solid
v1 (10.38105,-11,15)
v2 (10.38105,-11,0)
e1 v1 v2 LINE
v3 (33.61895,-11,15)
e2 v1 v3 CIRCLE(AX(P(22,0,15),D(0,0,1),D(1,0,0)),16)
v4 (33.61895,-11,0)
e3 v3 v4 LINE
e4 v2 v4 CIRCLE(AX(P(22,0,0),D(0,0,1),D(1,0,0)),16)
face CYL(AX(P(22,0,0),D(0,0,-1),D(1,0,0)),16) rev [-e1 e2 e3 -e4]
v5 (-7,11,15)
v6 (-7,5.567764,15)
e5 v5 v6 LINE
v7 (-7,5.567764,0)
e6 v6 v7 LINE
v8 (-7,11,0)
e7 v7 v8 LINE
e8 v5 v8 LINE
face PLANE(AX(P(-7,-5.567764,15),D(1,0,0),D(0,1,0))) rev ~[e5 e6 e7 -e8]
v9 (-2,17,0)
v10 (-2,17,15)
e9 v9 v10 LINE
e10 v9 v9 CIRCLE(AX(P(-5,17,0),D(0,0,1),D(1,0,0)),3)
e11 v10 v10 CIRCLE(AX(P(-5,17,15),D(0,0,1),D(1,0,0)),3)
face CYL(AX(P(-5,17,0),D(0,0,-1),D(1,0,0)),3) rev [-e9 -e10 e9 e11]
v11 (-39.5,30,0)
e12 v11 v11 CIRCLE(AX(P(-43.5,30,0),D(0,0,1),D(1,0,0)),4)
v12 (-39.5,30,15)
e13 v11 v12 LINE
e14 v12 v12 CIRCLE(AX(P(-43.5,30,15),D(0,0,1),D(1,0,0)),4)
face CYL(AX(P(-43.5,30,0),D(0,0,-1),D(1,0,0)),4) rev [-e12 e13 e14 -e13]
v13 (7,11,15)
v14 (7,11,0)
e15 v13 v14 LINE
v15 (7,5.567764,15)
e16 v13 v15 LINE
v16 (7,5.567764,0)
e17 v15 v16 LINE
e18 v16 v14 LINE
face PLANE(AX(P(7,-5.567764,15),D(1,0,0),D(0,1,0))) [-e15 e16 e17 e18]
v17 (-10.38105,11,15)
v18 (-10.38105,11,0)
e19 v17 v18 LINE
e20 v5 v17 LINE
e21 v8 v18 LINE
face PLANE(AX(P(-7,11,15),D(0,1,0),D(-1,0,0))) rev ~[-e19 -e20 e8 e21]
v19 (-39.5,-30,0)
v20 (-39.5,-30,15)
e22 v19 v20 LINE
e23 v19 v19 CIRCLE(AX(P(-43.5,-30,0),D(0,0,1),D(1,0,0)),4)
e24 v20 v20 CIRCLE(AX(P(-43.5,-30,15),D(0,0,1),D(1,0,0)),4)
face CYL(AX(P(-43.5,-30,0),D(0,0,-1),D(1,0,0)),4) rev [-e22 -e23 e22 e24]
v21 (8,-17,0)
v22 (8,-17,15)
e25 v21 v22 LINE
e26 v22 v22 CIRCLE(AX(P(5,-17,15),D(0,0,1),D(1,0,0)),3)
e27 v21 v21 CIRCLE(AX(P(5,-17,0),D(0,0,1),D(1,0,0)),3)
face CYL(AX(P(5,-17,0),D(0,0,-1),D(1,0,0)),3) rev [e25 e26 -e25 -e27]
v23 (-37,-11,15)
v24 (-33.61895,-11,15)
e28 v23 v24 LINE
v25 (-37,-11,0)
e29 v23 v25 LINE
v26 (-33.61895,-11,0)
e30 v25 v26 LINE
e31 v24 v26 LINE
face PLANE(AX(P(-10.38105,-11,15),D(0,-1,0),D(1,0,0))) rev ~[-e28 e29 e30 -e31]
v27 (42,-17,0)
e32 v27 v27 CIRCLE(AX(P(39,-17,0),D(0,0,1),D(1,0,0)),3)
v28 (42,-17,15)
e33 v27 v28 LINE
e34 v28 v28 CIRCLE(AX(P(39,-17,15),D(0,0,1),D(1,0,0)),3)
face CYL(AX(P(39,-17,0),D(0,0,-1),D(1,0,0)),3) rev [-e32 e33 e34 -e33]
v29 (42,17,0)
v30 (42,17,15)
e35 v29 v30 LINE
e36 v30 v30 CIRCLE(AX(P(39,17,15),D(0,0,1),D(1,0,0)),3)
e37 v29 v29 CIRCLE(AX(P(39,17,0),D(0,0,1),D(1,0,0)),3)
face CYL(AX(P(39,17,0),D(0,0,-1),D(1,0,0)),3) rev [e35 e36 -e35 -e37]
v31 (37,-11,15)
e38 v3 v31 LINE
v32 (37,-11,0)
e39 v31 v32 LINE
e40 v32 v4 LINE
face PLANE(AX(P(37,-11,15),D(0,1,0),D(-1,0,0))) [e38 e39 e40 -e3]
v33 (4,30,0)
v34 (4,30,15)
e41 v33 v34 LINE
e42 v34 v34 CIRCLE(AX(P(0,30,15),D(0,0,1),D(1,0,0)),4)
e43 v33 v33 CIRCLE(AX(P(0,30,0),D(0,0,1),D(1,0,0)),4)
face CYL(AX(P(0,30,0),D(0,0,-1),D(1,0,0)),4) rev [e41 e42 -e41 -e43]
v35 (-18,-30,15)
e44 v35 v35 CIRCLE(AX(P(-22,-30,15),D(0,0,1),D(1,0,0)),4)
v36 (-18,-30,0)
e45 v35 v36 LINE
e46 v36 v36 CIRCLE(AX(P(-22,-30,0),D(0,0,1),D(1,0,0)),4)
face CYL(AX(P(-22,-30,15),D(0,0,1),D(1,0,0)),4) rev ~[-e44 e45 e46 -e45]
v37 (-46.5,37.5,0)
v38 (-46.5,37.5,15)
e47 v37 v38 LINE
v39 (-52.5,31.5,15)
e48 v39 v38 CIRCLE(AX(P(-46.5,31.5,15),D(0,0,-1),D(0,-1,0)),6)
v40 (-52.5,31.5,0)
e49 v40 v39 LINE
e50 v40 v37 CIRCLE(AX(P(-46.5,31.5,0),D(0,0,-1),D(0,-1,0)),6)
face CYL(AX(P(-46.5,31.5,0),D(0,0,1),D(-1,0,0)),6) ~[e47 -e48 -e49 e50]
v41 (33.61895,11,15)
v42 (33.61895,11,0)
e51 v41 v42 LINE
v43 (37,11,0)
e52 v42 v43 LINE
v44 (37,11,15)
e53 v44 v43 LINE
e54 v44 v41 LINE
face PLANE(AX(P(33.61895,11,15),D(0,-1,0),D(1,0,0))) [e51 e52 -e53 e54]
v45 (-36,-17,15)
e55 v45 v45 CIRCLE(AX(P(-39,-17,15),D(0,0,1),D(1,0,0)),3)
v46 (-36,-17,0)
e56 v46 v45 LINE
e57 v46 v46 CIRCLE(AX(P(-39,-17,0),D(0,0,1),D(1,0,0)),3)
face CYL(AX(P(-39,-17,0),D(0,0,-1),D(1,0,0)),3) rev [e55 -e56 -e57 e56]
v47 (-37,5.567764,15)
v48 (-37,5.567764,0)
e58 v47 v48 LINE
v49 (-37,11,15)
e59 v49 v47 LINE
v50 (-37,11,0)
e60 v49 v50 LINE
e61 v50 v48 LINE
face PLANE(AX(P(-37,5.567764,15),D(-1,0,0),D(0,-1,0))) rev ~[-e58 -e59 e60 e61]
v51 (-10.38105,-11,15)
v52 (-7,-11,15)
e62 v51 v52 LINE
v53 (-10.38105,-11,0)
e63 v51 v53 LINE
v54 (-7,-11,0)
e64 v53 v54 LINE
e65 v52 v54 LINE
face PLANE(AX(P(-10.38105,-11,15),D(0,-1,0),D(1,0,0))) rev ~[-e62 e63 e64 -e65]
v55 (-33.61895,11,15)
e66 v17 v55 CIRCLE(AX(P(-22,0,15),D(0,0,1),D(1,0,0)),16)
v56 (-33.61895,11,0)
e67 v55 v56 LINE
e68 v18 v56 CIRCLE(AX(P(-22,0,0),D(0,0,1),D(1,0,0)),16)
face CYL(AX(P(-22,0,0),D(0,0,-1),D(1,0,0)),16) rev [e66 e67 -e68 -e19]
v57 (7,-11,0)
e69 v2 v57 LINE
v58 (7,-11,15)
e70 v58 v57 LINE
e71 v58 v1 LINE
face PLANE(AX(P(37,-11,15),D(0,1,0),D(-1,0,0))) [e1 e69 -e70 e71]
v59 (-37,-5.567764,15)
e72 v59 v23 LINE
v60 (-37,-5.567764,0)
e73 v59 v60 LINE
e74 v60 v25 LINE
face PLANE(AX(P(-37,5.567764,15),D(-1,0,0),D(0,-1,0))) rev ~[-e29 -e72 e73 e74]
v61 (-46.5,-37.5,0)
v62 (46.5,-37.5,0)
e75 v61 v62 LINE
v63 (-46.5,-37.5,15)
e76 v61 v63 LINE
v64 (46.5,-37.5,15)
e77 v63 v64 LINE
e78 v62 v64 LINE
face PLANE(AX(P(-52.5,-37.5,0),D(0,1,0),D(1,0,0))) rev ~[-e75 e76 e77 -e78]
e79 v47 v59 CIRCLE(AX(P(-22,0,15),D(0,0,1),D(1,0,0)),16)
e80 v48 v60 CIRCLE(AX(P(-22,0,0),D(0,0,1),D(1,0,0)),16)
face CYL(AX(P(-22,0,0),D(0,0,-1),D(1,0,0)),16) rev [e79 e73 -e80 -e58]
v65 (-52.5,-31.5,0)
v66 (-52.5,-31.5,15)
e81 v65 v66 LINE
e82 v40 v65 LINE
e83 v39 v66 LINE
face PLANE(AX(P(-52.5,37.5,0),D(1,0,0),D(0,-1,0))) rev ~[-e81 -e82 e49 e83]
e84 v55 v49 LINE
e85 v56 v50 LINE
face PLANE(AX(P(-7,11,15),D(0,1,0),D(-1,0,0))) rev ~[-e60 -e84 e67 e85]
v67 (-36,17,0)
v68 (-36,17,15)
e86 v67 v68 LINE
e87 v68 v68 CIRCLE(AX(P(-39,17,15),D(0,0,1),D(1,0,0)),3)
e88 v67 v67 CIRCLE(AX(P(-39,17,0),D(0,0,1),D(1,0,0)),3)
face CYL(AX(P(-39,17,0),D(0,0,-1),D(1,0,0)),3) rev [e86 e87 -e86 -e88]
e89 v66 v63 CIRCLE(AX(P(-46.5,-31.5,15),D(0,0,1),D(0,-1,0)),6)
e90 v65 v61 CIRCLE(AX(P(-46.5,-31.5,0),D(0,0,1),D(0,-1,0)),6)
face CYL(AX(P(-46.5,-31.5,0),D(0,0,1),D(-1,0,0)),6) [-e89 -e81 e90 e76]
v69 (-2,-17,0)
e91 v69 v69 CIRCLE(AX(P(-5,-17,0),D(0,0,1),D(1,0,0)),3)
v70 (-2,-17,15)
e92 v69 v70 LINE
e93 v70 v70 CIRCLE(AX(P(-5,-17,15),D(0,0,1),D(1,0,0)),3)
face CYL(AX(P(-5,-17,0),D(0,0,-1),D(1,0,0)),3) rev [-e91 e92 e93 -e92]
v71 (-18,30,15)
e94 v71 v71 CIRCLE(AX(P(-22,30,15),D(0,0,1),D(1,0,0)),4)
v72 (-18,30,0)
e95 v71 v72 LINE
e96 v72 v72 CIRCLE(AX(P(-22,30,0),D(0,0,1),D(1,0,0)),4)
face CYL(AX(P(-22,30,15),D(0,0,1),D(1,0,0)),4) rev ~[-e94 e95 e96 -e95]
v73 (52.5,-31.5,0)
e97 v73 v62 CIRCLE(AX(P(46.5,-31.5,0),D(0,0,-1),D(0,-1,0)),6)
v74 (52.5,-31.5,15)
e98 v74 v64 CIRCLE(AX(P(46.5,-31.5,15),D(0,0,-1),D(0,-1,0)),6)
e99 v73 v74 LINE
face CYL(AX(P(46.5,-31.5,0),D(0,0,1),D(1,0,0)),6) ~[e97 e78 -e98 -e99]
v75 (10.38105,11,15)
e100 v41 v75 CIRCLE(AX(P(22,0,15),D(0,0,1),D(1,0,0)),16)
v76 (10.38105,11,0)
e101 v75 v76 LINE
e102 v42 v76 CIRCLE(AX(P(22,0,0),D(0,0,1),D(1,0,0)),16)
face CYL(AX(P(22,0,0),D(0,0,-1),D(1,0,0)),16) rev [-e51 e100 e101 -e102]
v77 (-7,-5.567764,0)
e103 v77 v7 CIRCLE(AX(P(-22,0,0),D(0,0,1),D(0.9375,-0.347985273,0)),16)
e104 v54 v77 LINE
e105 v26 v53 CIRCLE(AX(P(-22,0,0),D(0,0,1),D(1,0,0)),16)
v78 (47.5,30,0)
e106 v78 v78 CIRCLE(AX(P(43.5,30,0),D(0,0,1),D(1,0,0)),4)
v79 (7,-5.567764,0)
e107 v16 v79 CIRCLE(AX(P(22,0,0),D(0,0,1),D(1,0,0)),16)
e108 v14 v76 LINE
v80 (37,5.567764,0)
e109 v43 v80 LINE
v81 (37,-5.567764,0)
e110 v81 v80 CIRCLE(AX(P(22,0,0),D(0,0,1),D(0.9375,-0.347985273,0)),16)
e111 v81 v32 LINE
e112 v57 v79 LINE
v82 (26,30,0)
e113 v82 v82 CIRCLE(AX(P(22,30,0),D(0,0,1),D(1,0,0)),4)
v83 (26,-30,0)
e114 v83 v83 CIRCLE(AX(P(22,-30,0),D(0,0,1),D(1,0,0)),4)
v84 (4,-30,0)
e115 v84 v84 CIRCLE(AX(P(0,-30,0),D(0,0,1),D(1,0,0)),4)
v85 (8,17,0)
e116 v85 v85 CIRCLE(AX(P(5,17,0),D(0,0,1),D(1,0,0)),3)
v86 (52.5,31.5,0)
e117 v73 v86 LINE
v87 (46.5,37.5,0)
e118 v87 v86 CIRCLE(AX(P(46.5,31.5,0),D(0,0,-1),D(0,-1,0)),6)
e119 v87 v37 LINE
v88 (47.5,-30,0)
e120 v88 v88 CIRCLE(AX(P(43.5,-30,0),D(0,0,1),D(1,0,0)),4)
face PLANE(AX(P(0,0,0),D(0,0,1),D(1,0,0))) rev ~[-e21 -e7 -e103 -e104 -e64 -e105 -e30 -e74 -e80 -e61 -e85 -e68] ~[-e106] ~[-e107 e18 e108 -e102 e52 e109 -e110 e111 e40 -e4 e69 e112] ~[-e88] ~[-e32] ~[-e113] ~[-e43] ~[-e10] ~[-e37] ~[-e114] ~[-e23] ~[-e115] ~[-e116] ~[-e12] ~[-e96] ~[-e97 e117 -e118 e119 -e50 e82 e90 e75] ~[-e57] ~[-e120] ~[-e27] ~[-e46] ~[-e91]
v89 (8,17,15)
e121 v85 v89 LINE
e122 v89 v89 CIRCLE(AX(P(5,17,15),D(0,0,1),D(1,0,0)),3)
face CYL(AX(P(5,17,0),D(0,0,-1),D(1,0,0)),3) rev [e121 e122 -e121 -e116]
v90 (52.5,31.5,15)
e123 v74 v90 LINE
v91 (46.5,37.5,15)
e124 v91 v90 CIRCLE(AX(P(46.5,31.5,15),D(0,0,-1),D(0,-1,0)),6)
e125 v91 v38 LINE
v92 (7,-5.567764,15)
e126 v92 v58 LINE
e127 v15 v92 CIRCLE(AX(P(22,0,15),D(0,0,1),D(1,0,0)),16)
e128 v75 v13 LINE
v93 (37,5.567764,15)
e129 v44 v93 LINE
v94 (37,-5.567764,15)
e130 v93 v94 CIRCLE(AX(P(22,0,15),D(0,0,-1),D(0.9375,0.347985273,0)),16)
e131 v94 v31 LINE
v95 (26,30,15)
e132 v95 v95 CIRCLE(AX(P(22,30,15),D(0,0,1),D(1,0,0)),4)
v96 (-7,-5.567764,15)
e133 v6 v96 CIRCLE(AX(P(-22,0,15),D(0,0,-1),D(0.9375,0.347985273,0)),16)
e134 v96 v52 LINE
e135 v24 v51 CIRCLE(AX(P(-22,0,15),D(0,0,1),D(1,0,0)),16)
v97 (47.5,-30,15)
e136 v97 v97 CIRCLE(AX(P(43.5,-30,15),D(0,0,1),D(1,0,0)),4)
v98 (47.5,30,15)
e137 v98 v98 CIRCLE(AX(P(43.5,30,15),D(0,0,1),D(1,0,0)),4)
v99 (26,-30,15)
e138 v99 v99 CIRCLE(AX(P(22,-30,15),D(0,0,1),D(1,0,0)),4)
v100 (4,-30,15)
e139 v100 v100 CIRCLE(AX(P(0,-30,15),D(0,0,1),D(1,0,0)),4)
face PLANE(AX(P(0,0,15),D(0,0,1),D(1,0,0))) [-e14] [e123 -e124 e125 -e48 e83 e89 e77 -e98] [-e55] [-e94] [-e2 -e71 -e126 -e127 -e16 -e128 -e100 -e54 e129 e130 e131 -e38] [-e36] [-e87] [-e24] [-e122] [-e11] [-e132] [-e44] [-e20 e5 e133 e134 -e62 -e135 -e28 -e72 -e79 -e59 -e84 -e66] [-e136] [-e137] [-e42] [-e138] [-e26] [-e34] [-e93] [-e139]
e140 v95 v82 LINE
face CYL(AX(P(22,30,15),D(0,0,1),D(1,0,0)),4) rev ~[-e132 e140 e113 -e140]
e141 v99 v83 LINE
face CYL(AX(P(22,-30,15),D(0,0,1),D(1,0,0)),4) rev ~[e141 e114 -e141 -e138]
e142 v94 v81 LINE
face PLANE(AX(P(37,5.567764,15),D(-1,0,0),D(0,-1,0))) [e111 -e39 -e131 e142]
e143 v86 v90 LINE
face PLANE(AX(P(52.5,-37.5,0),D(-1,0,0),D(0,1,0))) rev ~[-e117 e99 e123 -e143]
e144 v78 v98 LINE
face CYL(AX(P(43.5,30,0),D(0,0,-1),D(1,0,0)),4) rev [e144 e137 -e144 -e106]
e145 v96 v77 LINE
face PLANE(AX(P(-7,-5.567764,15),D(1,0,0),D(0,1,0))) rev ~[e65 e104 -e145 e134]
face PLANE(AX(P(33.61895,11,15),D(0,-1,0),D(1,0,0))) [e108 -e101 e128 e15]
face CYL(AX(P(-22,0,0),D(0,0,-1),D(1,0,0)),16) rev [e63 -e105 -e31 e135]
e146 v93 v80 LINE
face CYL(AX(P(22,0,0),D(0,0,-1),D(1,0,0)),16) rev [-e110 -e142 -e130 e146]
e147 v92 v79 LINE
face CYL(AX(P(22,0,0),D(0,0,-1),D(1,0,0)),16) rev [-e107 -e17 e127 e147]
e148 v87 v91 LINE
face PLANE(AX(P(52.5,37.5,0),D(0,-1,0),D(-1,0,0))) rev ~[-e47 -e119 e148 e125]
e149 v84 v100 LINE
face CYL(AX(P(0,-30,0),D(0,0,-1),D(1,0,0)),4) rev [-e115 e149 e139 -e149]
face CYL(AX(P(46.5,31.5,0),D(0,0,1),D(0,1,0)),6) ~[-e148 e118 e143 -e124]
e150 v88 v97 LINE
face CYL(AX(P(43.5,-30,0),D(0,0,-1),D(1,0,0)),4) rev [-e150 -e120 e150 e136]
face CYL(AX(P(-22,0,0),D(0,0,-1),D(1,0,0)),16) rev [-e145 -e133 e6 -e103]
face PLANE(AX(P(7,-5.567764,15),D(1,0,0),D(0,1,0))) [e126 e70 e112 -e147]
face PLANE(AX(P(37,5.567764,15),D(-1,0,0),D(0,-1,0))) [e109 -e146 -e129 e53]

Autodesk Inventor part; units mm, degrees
ref_plane "YZ Plane" through (0, 0, 0) normal (1, 0, 0) x (0, 1, 0)
ref_plane "XZ Plane" through (0, 0, 0) normal (0, 1, 0) x (-1, 0, 0)
ref_plane "XY Plane" through (0, 0, 0) normal (0, 0, 1) x (1, 0, 0)
sketch "Sketch1" plane through (0, 0, 0) normal (0, 0, 1) x (1, 0, 0)
  line L0 (-22, 0) -> (22, 0) construction
  circle A0 centre (-22, 0) radius 16
  circle A1 centre (22, 0) radius 16
  line L1 (43.5, -30) -> (-43.5, -30) construction
  line L2 (-43.5, -30) -> (-43.5, 30) construction
  line L3 (-43.5, 30) -> (43.5, 30) construction
  line L4 (43.5, 30) -> (43.5, -30) construction
  line L5 (43.5, -30) -> (-43.5, 30) construction
  line L6 (-43.5, -30) -> (43.5, 30) construction
  circle A2 centre (-43.5, 30) radius 4
  circle A3 centre (0, 30) radius 4
  circle A4 centre (43.5, 30) radius 4
  circle A5 centre (43.5, -30) radius 4
  circle A6 centre (-43.5, -30) radius 4
  circle A7 centre (0, -30) radius 4
  line L7 (-52.5, -37.5) -> (52.5, -37.5)
  line L8 (52.5, -37.5) -> (52.5, 37.5)
  line L9 (52.5, 37.5) -> (-52.5, 37.5)
  line L10 (-52.5, 37.5) -> (-52.5, -37.5)
  line L11 (-52.5, -37.5) -> (52.5, 37.5) construction
  line L12 (52.5, -37.5) -> (-52.5, 37.5) construction
  line L13 (-5, -17) -> (-39, -17) construction
  line L14 (-39, -17) -> (-39, 17) construction
  line L15 (-39, 17) -> (-5, 17) construction
  line L16 (-5, 17) -> (-5, -17) construction
  line L17 (-5, -17) -> (-39, 17) construction
  line L18 (-39, -17) -> (-5, 17) construction
  line L19 (39, -17) -> (5, -17) construction
  line L20 (5, -17) -> (5, 17) construction
  line L21 (5, 17) -> (39, 17) construction
  line L22 (39, 17) -> (39, -17) construction
  line L23 (39, -17) -> (5, 17) construction
  line L24 (5, -17) -> (39, 17) construction
  circle A8 centre (-39, 17) radius 3
  circle A9 centre (-39, -17) radius 3
  circle A10 centre (-5, -17) radius 3
  circle A11 centre (-5, 17) radius 3
  circle A12 centre (5, 17) radius 3
  circle A13 centre (5, -17) radius 3
  circle A14 centre (39, -17) radius 3
  circle A15 centre (39, 17) radius 3
  point P0 (0, 0)
  point P1 (0, 0)
  dimension "d0" = 60
  dimension "d1" = 87
  dimension "d2" = 44
  dimension "d3" = 32
  dimension "d4" = 8
  dimension "d5" = 105
  dimension "d6" = 75
  dimension "d10" = 34
  dimension "d11" = 6
extrude "Extrusion1" add sketch "Sketch1" along normal blind 15
fillet "Fillet1" radius 6 4 edges at (-52.5, 37.5, 7.5) (52.5, 37.5, 7.5) (52.5, -37.5, 7.5) (-52.5, -37.5, 7.5)
sketch "Sketch2" plane through (0, 0, 15) normal (0, 0, 1) x (1, 0, 0)
  circle A0 centre (22, 0) radius 16 projected
  circle A1 centre (-22, 0) radius 16 projected
  line L0 (37, -11) -> (7, -11)
  line L1 (7, -11) -> (7, 11)
  line L2 (7, 11) -> (37, 11)
  line L3 (37, 11) -> (37, -11)
  line L4 (37, -11) -> (7, 11) construction
  line L5 (7, -11) -> (37, 11) construction
  line L6 (-37, -11) -> (-7, -11)
  line L7 (-7, -11) -> (-7, 11)
  line L8 (-7, 11) -> (-37, 11)
  line L9 (-37, 11) -> (-37, -11)
  line L10 (-37, -11) -> (-7, 11) construction
  line L11 (-7, -11) -> (-37, 11) construction
  point P0 (0, 0)
  dimension "d12" = 22
  dimension "d13" = 30
extrude "Extrusion2" cut sketch "Sketch2" against normal through all contours L3 A0 L0 L1 L2 | A0 L2 L3 | L3 L0 A0 | A0 L1 L2 | L0 L1 A0 | L7 A1 L6 L9 L8 | A1 L8 L7 | L7 L6 A1 | A1 L9 L8 | L6 L9 A1
sketch "Sketch3" plane through (0, 0, 15) normal (0, 0, 1) x (1, 0, 0)
  arc A0 (-10.381, 11) -> (-33.619, 11) centre (-22, 0) ccw construction
  arc A1 (33.619, 11) -> (10.381, 11) centre (22, 0) ccw construction
  line L0 (-22, -30) -> (22, -30) construction
  line L1 (22, -30) -> (22, 30) construction
  line L2 (22, 30) -> (-22, 30) construction
  line L3 (-22, 30) -> (-22, -30) construction
  line L4 (-22, -30) -> (22, 30) construction
  line L5 (22, -30) -> (-22, 30) construction
  circle A2 centre (0, 30) radius 4 construction
  circle A3 centre (-22, 30) radius 4
  circle A4 centre (22, 30) radius 4
  circle A5 centre (22, -30) radius 4
  circle A6 centre (-22, -30) radius 4
  point P0 (0, 0)
  dimension "d16" = 8
extrude "Extrusion3" cut sketch "Sketch3" against normal through all
properties part number "cylinder frame"
